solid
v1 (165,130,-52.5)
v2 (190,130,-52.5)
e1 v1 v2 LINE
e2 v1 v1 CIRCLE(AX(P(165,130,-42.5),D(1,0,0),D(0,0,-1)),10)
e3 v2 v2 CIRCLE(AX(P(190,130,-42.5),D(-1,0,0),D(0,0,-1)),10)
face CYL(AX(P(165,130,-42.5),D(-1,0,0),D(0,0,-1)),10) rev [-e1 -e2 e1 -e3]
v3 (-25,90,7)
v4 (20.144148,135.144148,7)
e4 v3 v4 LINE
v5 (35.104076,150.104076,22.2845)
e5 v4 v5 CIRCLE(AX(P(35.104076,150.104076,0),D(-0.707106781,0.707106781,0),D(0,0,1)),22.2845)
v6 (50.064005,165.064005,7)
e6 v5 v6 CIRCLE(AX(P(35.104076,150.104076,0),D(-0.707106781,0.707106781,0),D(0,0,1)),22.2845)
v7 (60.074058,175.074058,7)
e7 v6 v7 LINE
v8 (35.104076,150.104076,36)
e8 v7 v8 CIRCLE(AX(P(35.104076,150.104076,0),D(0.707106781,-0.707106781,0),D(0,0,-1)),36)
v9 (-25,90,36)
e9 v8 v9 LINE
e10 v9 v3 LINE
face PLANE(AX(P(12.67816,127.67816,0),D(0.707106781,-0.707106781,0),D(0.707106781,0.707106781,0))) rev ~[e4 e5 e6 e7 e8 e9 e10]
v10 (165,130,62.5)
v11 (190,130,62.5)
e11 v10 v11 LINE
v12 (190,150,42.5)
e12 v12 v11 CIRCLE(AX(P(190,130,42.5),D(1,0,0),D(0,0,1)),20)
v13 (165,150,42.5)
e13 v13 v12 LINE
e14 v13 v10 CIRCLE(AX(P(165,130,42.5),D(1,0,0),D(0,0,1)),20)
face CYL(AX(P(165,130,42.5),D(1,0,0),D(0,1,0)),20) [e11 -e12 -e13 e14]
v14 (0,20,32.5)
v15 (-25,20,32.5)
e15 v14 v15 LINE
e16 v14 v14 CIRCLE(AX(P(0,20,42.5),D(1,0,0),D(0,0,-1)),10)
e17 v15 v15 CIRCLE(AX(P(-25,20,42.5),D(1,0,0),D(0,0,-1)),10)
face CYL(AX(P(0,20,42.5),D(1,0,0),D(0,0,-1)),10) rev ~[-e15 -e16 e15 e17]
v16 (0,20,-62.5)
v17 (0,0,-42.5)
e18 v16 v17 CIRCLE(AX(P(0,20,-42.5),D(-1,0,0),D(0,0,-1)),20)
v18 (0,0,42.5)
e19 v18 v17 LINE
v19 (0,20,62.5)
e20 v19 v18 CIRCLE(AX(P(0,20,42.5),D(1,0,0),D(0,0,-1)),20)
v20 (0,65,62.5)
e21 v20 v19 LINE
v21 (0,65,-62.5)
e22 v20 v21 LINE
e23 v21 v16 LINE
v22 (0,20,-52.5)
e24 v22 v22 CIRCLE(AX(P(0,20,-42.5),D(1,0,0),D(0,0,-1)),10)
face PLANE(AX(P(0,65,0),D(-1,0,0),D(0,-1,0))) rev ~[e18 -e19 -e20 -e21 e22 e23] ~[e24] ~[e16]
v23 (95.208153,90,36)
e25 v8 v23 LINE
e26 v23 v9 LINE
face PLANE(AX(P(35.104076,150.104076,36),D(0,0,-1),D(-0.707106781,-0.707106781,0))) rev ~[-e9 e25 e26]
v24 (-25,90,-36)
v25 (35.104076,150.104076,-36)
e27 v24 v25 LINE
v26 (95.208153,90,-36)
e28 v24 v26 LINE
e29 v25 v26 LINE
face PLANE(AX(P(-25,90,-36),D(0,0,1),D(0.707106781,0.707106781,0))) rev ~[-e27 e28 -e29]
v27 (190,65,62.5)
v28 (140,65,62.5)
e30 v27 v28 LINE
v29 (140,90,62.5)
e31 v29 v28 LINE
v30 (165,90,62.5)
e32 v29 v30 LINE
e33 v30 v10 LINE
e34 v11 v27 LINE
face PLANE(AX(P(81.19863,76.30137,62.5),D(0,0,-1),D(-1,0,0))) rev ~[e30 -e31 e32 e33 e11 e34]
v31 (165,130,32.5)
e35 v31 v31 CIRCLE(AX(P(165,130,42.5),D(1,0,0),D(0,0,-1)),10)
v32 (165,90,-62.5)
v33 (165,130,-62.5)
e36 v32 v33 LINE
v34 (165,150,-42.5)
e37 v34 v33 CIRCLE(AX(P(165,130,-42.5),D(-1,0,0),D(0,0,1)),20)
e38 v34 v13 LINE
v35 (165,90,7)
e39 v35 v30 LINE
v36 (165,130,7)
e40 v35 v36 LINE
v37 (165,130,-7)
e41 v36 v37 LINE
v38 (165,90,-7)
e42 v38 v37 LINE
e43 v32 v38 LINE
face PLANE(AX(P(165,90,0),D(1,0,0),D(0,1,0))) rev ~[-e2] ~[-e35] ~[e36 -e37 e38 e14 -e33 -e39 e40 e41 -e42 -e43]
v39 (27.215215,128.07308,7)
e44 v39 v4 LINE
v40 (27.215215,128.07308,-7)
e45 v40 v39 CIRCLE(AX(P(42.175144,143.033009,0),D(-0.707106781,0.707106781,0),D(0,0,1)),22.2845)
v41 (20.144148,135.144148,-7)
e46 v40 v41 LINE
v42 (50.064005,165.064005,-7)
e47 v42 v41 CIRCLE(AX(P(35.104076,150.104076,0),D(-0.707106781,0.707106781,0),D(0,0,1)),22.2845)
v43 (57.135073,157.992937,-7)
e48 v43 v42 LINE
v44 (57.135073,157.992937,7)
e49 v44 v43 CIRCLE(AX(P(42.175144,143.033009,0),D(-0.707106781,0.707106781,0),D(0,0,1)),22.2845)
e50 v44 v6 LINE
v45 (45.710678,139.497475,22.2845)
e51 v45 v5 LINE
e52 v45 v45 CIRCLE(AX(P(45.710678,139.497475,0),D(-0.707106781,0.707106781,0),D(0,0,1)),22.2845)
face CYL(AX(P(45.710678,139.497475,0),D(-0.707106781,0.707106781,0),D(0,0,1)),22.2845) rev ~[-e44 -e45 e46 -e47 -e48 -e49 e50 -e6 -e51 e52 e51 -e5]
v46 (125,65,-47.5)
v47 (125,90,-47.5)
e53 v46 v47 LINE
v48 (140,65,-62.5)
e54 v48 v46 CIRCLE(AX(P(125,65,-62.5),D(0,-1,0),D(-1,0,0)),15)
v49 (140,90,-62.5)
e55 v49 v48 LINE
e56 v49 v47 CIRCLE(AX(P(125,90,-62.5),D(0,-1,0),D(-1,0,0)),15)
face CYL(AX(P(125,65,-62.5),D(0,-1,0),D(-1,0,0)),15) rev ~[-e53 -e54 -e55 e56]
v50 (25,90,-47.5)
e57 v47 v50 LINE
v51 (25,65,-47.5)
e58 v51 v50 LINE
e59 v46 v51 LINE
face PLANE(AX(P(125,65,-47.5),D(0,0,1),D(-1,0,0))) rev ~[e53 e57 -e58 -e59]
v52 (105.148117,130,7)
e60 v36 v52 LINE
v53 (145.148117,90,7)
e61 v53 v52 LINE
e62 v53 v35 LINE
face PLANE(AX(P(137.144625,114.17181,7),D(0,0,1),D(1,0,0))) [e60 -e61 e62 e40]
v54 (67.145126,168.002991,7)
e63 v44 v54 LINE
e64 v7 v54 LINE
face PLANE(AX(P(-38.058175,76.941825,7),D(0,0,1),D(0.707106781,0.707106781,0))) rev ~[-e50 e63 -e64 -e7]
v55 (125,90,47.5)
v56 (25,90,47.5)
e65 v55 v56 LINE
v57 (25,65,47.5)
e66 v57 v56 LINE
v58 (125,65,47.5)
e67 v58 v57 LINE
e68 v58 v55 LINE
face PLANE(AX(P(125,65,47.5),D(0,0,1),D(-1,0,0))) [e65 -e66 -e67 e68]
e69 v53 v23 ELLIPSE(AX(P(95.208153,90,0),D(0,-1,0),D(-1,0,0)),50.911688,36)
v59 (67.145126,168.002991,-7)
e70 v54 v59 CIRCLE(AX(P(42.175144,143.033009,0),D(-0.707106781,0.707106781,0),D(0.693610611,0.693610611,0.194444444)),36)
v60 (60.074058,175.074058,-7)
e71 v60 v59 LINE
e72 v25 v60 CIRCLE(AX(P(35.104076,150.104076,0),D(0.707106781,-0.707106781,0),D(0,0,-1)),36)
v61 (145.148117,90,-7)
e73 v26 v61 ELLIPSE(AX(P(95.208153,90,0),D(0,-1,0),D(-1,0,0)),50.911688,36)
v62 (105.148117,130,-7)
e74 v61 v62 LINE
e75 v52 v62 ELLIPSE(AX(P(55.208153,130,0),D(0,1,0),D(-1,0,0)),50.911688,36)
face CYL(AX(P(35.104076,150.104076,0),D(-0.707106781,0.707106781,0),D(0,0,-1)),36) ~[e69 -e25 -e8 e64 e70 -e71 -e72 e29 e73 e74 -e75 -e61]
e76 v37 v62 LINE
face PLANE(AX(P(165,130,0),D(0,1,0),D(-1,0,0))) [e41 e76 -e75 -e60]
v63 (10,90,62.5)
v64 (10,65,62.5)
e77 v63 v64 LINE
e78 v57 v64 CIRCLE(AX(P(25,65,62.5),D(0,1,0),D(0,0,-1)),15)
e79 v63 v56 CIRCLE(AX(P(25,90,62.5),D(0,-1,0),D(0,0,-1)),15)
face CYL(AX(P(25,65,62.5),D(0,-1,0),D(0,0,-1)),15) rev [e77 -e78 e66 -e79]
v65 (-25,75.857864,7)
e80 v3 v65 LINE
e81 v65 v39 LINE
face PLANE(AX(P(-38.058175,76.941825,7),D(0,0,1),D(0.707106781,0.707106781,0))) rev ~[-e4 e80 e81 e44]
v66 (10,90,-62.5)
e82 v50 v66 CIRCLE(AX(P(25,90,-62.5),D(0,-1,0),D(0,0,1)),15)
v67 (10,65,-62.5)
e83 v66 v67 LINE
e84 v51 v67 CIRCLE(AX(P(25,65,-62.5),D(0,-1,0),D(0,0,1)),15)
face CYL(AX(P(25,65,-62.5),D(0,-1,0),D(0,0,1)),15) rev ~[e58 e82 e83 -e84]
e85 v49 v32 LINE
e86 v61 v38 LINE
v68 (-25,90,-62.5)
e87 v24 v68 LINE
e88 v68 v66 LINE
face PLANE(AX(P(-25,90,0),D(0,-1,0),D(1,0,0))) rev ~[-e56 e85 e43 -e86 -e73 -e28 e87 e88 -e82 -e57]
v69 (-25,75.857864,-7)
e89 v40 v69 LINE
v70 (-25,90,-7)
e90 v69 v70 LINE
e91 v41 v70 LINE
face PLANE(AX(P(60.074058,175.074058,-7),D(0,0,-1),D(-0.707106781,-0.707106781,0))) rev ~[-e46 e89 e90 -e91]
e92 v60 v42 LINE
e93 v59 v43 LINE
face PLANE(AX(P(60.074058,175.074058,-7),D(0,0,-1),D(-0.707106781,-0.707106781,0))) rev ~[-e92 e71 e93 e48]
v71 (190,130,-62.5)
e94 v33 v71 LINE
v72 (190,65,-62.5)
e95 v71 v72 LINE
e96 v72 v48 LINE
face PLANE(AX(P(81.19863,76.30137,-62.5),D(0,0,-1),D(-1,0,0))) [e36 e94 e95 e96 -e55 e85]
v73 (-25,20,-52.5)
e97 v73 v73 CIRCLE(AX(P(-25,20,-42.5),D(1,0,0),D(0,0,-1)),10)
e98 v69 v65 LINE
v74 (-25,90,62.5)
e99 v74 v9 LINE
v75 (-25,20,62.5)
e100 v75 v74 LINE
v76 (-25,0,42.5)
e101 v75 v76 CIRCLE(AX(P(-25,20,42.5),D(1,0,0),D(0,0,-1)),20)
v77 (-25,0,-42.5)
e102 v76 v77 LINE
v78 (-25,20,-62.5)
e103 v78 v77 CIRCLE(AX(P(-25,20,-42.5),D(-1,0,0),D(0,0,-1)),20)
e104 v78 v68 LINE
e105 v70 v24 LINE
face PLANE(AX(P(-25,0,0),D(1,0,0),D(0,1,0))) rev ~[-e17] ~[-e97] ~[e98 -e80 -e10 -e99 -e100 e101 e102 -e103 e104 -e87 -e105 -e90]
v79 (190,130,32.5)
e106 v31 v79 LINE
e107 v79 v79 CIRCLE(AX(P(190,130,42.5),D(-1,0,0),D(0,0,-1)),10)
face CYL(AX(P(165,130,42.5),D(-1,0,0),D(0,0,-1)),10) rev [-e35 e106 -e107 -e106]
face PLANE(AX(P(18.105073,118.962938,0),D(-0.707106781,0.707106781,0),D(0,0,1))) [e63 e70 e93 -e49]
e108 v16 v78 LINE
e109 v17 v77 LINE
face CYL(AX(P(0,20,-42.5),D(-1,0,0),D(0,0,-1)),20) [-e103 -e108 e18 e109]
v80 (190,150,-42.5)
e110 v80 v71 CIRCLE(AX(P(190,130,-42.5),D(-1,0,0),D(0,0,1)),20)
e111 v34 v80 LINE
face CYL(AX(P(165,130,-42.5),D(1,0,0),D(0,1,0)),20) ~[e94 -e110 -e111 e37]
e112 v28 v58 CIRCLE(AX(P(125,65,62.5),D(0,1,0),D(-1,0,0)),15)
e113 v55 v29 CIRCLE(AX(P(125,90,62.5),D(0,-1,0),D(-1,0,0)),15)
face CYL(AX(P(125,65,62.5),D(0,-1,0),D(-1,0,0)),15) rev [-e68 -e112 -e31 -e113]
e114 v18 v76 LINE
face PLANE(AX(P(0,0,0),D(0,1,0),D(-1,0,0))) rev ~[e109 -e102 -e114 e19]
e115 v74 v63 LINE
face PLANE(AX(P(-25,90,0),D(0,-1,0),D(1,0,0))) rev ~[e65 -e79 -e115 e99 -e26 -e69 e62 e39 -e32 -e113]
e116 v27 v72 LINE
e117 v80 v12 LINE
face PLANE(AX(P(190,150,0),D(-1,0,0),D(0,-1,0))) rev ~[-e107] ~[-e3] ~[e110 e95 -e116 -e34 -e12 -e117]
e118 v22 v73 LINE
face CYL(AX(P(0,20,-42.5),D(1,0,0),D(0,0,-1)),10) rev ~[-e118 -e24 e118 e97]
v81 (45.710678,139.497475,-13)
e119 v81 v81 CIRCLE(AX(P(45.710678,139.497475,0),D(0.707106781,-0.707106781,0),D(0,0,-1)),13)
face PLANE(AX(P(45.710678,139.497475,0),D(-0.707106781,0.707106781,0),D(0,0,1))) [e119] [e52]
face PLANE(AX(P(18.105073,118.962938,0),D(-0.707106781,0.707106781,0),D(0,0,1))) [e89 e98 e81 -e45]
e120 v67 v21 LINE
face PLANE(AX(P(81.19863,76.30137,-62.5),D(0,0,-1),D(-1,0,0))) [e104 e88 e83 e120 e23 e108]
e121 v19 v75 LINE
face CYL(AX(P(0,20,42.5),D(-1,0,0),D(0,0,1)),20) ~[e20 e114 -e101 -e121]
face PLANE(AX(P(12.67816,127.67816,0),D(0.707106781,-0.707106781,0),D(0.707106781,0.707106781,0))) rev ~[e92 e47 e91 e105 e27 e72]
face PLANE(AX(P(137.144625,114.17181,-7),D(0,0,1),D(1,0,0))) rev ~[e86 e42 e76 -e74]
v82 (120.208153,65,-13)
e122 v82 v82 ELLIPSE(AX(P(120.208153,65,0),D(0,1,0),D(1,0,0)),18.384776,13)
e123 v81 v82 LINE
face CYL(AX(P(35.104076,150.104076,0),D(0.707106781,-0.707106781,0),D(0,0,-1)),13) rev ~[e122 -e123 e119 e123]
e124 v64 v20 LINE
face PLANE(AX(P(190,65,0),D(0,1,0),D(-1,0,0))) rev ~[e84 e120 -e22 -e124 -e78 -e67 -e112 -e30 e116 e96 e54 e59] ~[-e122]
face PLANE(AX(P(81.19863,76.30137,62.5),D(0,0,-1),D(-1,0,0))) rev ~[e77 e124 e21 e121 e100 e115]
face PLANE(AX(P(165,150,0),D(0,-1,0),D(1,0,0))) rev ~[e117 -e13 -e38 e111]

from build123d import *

# Parameters (mm, degrees)
BOSS_EXTRUDE1_DEPTH                      = 62.5
BOSS_EXTRUDE2_REACH                      = 273.512
CUT_EXTRUDE1_DEPTH                       = 229.538281314
FILLET1_R                                = 20
SKETCH6_R                                = 10
CUT_EXTRUDE2_DEPTH                       = 267.134431621
CUT_EXTRUDE3_DEPTH                       = 10
CBORE_FOR_M24_HEX_HEAD_BOLT1_D           = 26
CBORE_FOR_M24_HEX_HEAD_BOLT1_CBORE_D     = 44.569
CBORE_FOR_M24_HEX_HEAD_BOLT1_CBORE_DEPTH = 15
CUT_EXTRUDE4_START                       = 165
SKETCH6_3_R                              = 10
CUT_EXTRUDE4_DEPTH                       = 101.814175539
BOSS_EXTRUDE4_DEPTH                      = 7


with BuildPart() as part:
    # Sketch1 → Boss-Extrude1 (new, symmetric)
    with BuildSketch(Plane.XY):
        Polygon((190, 150), (190, 65), (0, 65), (0, 0), (-25, 0), (-25, 90), (165, 90), (165, 150), align=None)
    extrude(amount=BOSS_EXTRUDE1_DEPTH, both=True)

    # Sketch4 → Boss-Extrude2 (add, up to next)
    with BuildSketch(Plane(origin=(-57.5, 57.5, 0), x_dir=(0.7071067811865475, 0.7071067811865477, 0), z_dir=(0.7071067811865477, -0.7071067811865475, 0)), mode=Mode.PRIVATE) as boss_extrude2_sk1:
        with BuildLine():
            Line((45.961940777, -36), (130.961940777, -36))
            ThreePointArc((130.961940777, -36), (166.961940777, 0), (130.961940777, 36))
            Line((130.961940777, 36), (45.961940777, 36))
            Line((45.961940777, 36), (45.961940777, -36))
        make_face()
    boss_extrude2_tool1 = extrude(boss_extrude2_sk1.sketch, amount=BOSS_EXTRUDE2_REACH, mode=Mode.PRIVATE) - part.part
    add(boss_extrude2_tool1.solids().sort_by_distance((15.250037, 130.250037, 0))[0])

    # Sketch5 → Cut-Extrude1 (cut, through all)
    with BuildSketch(Plane(origin=(0, 65, 0), x_dir=(-1, 0, 0), z_dir=(0, -1, 0))):
        with BuildLine():
            Line((-125, -47.5), (-25, -47.5))
            ThreePointArc((-25, -47.5), (-14.393398282, -73.106601718), (-40, -62.5))
            Line((-40, -62.5), (-110, -62.5))
            ThreePointArc((-110, -62.5), (-135.606601718, -73.106601718), (-125, -47.5))
        make_face()
        with BuildLine():
            Line((-125, 47.5), (-25, 47.5))
            ThreePointArc((-25, 47.5), (-14.393398282, 73.106601718), (-40, 62.5))
            Line((-40, 62.5), (-110, 62.5))
            ThreePointArc((-110, 62.5), (-135.606601718, 73.106601718), (-125, 47.5))
        make_face()
    extrude(amount=-CUT_EXTRUDE1_DEPTH, mode=Mode.SUBTRACT)

    # Fillet1
    fillet1_edges = [part.edges().sort_by_distance(p)[0] for p in [
        (177.5, 150, -62.5),
        (-12.5, 0, 62.5),
        (177.5, 150, 62.5),
        (-12.5, 0, -62.5),
    ]]
    fillet(fillet1_edges, radius=FILLET1_R)

    # Sketch6 → Cut-Extrude2 (cut, through all)
    with BuildSketch(Plane(origin=(0, 0, 0), x_dir=(0, 0, -1), z_dir=(1, 0, 0))):
        with Locations((42.5, 20)):
            Circle(SKETCH6_R)
        with Locations((-42.5, 20)):
            Circle(SKETCH6_R)
    extrude(amount=-CUT_EXTRUDE2_DEPTH, mode=Mode.SUBTRACT)

    # Sketch7 → Cut-Extrude3 (cut)
    with BuildSketch(Plane(origin=(-57.5, 57.5, 0), x_dir=(0, 0, 1), z_dir=(-0.7071067811865438, 0.7071067811865513, 0))):
        with BuildLine():
            Line((-7, 166.274827943), (-7, 27.494892071))
            Line((-7, 27.494892071), (7, 27.494892071))
            Line((7, 27.494892071), (7, 166.274827943))
            ThreePointArc((7, 166.274827943), (0, 166.961940777), (-7, 166.274827943))
        make_face()
    extrude(amount=-CUT_EXTRUDE3_DEPTH, mode=Mode.SUBTRACT)

    # CBORE for M24 Hex Head Bolt1 (through all)
    with Locations(Plane(origin=(-57.5, 57.5, 0), x_dir=(0, 0, 1), z_dir=(-0.7071067811865438, 0.7071067811865513, 0))):
        with Locations((0, 130.961940777)):
            CounterBoreHole(CBORE_FOR_M24_HEX_HEAD_BOLT1_D / 2, CBORE_FOR_M24_HEX_HEAD_BOLT1_CBORE_D / 2, CBORE_FOR_M24_HEX_HEAD_BOLT1_CBORE_DEPTH)

    # Sketch6<3> → Cut-Extrude4 (cut, through all)
    with BuildSketch(Plane(origin=(0, 0, 0), x_dir=(0, 0, -1), z_dir=(1, 0, 0)).offset(CUT_EXTRUDE4_START)):
        with Locations((42.5, 20)):
            Circle(SKETCH6_3_R)
        with Locations((-42.5, 20)):
            Circle(SKETCH6_3_R)
        with Locations((42.5, 130)):
            Circle(SKETCH6_3_R)
        with Locations((-42.5, 130)):
            Circle(SKETCH6_3_R)
    extrude(amount=CUT_EXTRUDE4_DEPTH, mode=Mode.SUBTRACT)

    # Sketch11 → Boss-Extrude4 (add, symmetric)
    with BuildSketch(Plane.XY):
        Polygon((165, 130), (97.583974217, 130), (137.512677947, 90), (165, 90), align=None)
    extrude(amount=BOSS_EXTRUDE4_DEPTH, both=True)


solid = part.part
